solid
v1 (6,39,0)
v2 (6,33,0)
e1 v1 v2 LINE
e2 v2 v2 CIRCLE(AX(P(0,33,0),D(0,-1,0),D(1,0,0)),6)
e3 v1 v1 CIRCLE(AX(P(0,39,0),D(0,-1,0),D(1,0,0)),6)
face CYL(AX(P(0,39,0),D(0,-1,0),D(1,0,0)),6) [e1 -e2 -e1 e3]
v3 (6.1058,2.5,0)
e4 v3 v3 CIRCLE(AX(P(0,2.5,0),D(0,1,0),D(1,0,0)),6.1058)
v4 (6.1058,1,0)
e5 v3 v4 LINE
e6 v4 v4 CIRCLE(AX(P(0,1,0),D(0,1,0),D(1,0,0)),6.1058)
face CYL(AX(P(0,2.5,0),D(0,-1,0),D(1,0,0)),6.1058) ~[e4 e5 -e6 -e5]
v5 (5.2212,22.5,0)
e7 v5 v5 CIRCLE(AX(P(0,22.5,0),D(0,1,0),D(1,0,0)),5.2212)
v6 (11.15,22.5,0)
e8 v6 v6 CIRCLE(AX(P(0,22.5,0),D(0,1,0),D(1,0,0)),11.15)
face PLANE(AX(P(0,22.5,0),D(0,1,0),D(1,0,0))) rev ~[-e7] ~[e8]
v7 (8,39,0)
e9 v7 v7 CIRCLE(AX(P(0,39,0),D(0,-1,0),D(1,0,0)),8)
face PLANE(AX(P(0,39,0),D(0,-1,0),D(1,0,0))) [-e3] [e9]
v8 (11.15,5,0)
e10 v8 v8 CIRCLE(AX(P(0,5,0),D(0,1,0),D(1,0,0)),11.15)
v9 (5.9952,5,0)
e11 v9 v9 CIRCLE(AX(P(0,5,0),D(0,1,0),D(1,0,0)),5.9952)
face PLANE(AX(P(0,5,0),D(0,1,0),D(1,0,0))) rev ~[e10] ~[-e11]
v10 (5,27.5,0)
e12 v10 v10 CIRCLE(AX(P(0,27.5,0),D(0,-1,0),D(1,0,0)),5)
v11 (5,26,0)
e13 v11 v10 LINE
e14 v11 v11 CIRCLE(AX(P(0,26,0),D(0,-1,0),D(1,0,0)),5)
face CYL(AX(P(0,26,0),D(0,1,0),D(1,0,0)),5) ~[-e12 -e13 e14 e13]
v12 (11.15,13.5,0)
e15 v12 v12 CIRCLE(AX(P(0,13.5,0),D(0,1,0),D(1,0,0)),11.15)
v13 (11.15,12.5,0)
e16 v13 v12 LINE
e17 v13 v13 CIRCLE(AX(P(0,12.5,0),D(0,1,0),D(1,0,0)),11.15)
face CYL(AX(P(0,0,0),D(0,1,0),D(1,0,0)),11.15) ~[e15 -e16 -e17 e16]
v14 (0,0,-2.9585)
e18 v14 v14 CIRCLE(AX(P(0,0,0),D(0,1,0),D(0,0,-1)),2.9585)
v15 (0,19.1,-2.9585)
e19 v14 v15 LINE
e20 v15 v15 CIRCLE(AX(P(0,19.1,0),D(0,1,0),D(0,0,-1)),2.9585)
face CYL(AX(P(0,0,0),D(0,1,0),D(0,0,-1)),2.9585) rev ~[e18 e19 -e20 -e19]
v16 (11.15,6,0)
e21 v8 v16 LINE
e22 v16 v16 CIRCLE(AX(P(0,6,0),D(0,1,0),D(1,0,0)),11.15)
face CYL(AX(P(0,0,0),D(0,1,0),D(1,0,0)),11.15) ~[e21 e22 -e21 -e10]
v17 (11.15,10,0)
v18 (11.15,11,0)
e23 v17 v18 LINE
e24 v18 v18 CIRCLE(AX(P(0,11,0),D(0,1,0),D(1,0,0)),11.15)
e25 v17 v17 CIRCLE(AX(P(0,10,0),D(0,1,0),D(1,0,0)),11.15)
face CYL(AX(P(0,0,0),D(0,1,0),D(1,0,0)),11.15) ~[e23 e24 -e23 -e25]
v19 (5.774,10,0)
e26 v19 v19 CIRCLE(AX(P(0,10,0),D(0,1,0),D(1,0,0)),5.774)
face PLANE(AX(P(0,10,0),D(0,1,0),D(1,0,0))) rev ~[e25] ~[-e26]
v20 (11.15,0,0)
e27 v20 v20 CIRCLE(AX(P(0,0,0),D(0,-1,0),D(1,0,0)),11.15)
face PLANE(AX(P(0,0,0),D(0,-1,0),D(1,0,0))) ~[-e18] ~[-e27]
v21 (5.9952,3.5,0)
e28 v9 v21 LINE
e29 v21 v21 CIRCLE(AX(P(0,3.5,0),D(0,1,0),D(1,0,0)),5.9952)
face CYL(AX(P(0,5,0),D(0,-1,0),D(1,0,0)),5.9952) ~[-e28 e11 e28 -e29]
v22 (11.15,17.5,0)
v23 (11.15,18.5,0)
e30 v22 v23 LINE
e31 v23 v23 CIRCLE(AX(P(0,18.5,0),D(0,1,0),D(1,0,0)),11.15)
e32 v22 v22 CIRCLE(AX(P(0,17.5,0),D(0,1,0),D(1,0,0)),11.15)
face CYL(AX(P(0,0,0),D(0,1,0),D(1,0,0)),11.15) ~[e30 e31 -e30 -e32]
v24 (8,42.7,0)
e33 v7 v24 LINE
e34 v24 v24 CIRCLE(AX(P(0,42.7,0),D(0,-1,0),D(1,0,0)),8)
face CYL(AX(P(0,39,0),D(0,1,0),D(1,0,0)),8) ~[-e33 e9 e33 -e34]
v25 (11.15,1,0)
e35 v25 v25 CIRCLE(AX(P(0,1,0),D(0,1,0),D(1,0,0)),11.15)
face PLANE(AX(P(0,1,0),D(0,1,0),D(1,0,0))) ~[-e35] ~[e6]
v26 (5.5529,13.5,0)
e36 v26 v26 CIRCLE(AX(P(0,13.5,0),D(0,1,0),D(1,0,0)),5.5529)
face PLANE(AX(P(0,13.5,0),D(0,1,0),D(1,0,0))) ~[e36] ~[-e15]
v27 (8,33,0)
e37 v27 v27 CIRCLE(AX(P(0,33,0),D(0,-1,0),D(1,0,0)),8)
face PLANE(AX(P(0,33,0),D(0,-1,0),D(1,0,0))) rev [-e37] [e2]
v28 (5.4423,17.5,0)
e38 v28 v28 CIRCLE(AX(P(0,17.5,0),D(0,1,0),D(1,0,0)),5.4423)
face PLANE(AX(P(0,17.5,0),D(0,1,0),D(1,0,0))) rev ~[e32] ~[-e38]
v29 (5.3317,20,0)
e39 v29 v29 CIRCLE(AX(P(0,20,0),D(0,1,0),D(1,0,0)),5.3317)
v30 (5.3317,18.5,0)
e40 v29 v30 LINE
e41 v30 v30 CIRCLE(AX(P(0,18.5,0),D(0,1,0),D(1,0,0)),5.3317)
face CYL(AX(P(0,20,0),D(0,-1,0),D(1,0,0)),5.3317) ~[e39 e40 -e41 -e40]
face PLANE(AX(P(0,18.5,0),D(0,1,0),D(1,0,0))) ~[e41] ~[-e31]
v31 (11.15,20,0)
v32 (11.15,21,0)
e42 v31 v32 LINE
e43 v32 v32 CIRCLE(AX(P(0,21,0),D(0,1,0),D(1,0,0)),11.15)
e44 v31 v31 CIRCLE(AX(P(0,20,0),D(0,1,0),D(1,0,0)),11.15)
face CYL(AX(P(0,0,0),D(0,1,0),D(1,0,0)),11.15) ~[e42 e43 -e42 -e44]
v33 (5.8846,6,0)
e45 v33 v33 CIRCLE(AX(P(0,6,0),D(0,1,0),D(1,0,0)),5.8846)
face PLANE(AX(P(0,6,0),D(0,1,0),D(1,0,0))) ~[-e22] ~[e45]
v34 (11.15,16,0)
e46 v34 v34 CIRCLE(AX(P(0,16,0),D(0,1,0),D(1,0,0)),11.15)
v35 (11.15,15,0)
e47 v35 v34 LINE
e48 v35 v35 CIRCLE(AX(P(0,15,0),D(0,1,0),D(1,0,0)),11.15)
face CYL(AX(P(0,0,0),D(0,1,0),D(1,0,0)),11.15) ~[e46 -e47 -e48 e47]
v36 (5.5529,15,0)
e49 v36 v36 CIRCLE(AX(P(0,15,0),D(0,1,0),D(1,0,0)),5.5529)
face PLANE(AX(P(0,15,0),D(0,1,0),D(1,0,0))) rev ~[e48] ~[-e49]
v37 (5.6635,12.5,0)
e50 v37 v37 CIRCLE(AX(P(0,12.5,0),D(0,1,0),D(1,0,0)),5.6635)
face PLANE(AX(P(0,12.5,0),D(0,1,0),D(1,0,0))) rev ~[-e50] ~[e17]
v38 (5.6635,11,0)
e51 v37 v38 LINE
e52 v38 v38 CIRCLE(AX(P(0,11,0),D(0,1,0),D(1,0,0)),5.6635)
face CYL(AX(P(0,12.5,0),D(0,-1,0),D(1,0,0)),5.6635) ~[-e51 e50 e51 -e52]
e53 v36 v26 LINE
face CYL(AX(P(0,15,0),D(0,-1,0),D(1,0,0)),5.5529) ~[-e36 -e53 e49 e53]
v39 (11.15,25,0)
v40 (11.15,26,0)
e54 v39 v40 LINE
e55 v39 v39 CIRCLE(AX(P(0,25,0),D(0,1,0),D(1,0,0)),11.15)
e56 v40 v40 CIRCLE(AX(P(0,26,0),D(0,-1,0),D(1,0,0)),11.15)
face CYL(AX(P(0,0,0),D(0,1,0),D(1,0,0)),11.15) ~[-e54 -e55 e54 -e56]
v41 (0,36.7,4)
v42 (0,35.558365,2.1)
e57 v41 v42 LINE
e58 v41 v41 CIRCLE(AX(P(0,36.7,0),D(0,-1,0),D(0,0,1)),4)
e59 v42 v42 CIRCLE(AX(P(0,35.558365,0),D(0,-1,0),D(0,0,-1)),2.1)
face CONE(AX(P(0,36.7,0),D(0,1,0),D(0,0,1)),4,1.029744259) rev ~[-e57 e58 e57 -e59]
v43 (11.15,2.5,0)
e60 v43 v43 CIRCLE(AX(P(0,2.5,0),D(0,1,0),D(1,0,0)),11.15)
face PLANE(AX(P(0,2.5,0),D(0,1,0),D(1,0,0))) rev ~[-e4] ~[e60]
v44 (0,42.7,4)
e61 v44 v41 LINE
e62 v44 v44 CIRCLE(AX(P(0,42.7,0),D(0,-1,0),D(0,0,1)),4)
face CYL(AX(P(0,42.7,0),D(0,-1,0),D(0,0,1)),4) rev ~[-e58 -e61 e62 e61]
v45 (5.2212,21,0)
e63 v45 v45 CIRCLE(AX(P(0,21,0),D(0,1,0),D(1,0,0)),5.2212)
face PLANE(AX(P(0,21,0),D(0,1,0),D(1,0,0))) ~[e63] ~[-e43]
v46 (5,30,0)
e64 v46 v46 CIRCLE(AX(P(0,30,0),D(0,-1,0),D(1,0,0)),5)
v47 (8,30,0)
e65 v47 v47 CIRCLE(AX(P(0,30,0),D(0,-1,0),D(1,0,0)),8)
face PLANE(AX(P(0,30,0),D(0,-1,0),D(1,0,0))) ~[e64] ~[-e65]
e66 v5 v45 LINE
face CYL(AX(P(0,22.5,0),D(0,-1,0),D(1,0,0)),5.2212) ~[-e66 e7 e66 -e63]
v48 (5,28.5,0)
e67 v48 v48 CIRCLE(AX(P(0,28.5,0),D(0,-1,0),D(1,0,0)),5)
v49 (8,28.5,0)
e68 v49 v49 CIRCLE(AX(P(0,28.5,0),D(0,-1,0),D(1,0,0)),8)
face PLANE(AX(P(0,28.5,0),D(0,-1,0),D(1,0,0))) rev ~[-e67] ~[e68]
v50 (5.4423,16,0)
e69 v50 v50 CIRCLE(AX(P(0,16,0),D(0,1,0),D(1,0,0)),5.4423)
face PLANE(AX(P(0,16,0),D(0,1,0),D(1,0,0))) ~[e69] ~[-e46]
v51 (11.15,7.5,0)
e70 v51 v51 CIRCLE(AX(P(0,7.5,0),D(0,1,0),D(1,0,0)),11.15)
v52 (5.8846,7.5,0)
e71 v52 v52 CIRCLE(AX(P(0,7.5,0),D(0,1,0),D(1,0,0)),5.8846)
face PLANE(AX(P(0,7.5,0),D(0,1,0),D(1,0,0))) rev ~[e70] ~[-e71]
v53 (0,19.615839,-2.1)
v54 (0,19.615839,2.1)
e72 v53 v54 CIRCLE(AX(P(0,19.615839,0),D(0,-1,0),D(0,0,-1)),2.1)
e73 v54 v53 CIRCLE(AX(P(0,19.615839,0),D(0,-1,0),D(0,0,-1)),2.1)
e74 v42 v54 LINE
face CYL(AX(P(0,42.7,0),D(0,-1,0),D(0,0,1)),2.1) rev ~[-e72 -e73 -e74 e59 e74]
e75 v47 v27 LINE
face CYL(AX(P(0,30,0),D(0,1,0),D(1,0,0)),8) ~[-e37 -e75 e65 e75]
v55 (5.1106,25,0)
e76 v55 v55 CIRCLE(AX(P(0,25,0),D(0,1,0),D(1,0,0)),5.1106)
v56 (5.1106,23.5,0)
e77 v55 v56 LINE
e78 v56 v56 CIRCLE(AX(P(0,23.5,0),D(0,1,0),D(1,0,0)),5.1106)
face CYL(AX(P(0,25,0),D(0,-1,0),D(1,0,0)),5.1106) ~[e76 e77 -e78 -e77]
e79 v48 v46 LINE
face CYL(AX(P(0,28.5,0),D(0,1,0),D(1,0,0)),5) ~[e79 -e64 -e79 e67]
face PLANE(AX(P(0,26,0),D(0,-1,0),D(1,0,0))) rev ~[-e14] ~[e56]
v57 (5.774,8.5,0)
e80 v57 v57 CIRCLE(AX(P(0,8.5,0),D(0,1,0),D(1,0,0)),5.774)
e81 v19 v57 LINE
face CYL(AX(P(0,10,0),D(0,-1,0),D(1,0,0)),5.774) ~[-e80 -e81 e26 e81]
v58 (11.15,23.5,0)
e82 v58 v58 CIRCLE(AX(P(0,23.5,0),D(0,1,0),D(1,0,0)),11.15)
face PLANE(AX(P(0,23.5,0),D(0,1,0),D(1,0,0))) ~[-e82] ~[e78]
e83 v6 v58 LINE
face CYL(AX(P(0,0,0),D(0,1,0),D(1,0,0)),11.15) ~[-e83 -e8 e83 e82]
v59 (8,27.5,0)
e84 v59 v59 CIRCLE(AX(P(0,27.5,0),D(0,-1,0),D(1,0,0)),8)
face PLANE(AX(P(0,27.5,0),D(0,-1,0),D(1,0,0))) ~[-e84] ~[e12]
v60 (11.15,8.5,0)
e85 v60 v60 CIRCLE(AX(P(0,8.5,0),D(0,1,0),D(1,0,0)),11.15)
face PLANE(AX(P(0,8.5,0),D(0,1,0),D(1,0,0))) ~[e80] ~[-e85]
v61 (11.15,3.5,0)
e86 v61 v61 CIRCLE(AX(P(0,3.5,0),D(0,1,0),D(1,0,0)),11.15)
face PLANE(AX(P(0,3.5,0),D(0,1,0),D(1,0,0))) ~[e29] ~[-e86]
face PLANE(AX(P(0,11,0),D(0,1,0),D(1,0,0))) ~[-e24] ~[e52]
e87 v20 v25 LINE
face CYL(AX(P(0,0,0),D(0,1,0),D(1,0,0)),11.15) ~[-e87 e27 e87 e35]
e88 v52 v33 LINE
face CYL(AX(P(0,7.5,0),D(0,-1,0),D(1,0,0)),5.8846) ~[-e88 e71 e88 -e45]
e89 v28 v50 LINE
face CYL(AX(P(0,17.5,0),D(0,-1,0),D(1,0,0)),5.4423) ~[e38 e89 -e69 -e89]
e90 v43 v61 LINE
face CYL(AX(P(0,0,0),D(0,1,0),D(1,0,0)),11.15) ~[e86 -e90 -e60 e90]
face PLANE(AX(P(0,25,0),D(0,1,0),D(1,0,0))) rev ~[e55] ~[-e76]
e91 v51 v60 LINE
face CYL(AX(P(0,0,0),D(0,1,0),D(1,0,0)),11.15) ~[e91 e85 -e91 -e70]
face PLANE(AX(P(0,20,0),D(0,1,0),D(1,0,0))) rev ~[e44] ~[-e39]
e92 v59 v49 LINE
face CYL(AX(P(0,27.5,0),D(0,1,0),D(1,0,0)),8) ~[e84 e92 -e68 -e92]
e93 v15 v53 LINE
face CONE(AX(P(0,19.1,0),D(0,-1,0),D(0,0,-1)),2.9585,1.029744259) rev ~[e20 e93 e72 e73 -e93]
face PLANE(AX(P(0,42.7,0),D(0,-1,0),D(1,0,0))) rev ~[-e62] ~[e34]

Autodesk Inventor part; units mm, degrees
ref_plane "YZ Plane" through (0, 0, 0) normal (1, 0, 0) x (0, 1, 0)
ref_plane "XZ Plane" through (0, 0, 0) normal (0, 1, 0) x (-1, 0, 0)
ref_plane "XY Plane" through (0, 0, 0) normal (0, 0, 1) x (1, 0, 0)
sketch "Sketch1" plane through (0, 0, 0) normal (0, 0, 1) x (1, 0, 0)
  line L0 (0, 0) -> (11.15, 0)
  line L1 (11.15, 0) -> (11.15, 26)
  line L2 (11.15, 26) -> (8, 26)
  line L3 (8, 42.7) -> (0, 42.7)
  line L4 (0, 42.7) -> (0, 0)
  line L5 (8, 39) -> (6, 39)
  line L6 (6, 39) -> (6, 33)
  line L7 (6, 33) -> (8, 33)
  line L8 (8, 26) -> (5, 26)
  line L9 (5, 26) -> (5, 27.5)
  line L10 (5, 27.5) -> (8, 27.5)
  line L11 (8, 28.5) -> (5, 28.5)
  line L12 (5, 28.5) -> (5, 30)
  line L13 (5, 30) -> (8, 30)
  line L14 (8, 39) -> (8, 42.7)
  line L15 (8, 27.5) -> (8, 28.5)
  line L16 (8, 30) -> (8, 33)
  dimension "d7" = 11.15
  dimension "d10" = 8
  dimension "d11" = 42.7
  dimension "d12" = 26
  dimension "d14" = 6
  dimension "d15" = 3.7
  dimension "d16" = 3
  dimension "d17" = 6
  dimension "d18" = 1
  dimension "d19" = 2.5
  dimension "d20" = 5
revolve "Revolution1" add sketch "Sketch1" angle 360 about axis through (0, 42.7, 0) along (0, -1, 0)
sketch "Sketch2" plane through (0, 42.7, 0) normal (0, 1, 0) x (1, 0, 0)
  circle A0 centre (0, 0) radius 8 projected
  circle A1 centre (0, 0) radius 8 projected
hole "Hole1" at (0, 42.7, 0) direction (0, -1, 0) diameter 4.2 end through all
sketch "Sketch3" plane through (0, 42.7, 0) normal (0, 1, 0) x (1, 0, 0)
  circle A0 centre (0, 0) radius 2.1 projected
  circle A1 centre (0, 0) radius 8 projected
hole "Hole2" at (0, 42.7, 0) direction (0, -1, 0) diameter 8 depth 6 tip angle 118
sketch "Sketch4" plane through (0, 0, 0) normal (0, -1, 0) x (1, 0, 0)
  circle A0 centre (0, 0) radius 2.1 projected
  circle A1 centre (0, 0) radius 11.15 projected
hole "Hole3" at (0, 0, 0) direction (0, 1, 0) diameter 5.917 depth 19.1 tip angle 118 thread size "M7x1" class "6H" standard "ISO Metric profile"
sketch "Sketch5" plane through (0, 0, 0) normal (0, 0, 1) x (1, 0, 0)
  line L0 (5, 27.5) -> (5, 26) projected
  line L1 (-11.15, 26) -> (11.15, 26) projected
  line L2 (11.15, 26) -> (11.15, 0) projected
  line L3 (-11.15, 0) -> (11.15, 0) projected
  line L4 (5, 26) -> (6.15, 0)
  line L5 (11.15, 2.5) -> (6.1058, 2.5)
  line L6 (6.1058, 2.5) -> (6.1058, 1)
  line L7 (6.1058, 1) -> (11.15, 1)
  line L8 (11.15, 1) -> (11.15, 2.5)
  line L9 (11.15, 5) -> (5.9952, 5)
  line L10 (5.9952, 5) -> (5.9952, 3.5)
  line L11 (5.9952, 3.5) -> (11.15, 3.5)
  line L12 (11.15, 3.5) -> (11.15, 5)
  line L13 (11.15, 7.5) -> (5.8846, 7.5)
  line L14 (5.8846, 7.5) -> (5.8846, 6)
  line L15 (5.8846, 6) -> (11.15, 6)
  line L16 (11.15, 6) -> (11.15, 7.5)
  line L17 (11.15, 10) -> (5.774, 10)
  line L18 (5.774, 10) -> (5.774, 8.5)
  line L19 (5.774, 8.5) -> (11.15, 8.5)
  line L20 (11.15, 8.5) -> (11.15, 10)
  line L21 (11.15, 12.5) -> (5.6635, 12.5)
  line L22 (5.6635, 12.5) -> (5.6635, 11)
  line L23 (5.6635, 11) -> (11.15, 11)
  line L24 (11.15, 11) -> (11.15, 12.5)
  line L25 (11.15, 15) -> (5.5529, 15)
  line L26 (5.5529, 15) -> (5.5529, 13.5)
  line L27 (5.5529, 13.5) -> (11.15, 13.5)
  line L28 (11.15, 13.5) -> (11.15, 15)
  line L29 (11.15, 17.5) -> (5.4423, 17.5)
  line L30 (5.4423, 17.5) -> (5.4423, 16)
  line L31 (5.4423, 16) -> (11.15, 16)
  line L32 (11.15, 16) -> (11.15, 17.5)
  line L33 (11.15, 20) -> (5.3317, 20)
  line L34 (5.3317, 20) -> (5.3317, 18.5)
  line L35 (5.3317, 18.5) -> (11.15, 18.5)
  line L36 (11.15, 18.5) -> (11.15, 20)
  line L37 (11.15, 22.5) -> (5.2212, 22.5)
  line L38 (5.2212, 22.5) -> (5.2212, 21)
  line L39 (5.2212, 21) -> (11.15, 21)
  line L40 (11.15, 21) -> (11.15, 22.5)
  line L41 (11.15, 25) -> (5.1106, 25)
  line L42 (5.1106, 25) -> (5.1106, 23.5)
  line L43 (5.1106, 23.5) -> (11.15, 23.5)
  line L44 (11.15, 23.5) -> (11.15, 25)
  line L45 (0, -8.54) -> (0, 51.24) projected
  point P0 (0, 0)
  dimension "d42" = 1
  dimension "d43" = 2.5
  dimension "d46" = 5
  dimension "d47" = 1
  dimension "d48" = 2.5
  dimension "d49" = 1
  dimension "d50" = 2.5
  dimension "d51" = 1
  dimension "d52" = 2.5
  dimension "d53" = 1
  dimension "d54" = 2.5
  dimension "d55" = 1
  dimension "d56" = 2.5
  dimension "d57" = 1
  dimension "d58" = 2.5
  dimension "d59" = 1
  dimension "d60" = 2.5
  dimension "d61" = 1
  dimension "d62" = 2.5
  dimension "d63" = 1
  dimension "d64" = 2.5
revolve "Revolution2" cut sketch "Sketch5" angle 360 about axis through (0, -10, 0) along (0, 1, 0) contours L42 L41 L2 L43 | L38 L37 L2 L39 | L34 L33 L2 L35 | L6 L5 L2 L7 | L30 L29 L2 L31 | L10 L9 L2 L11 | L26 L25 L2 L27 | L14 L13 L2 L15 | L22 L21 L2 L23 | L18 L17 L2 L19
equation "\"d47\" = d42"
equation "\"d48\" = d43"
equation "\"d49\" = d42"
equation "\"d50\" = d43"
equation "\"d51\" = d42"
equation "\"d52\" = d43"
equation "\"d53\" = d42"
equation "\"d54\" = d43"
equation "\"d55\" = d42"
equation "\"d56\" = d43"
equation "\"d57\" = d42"
equation "\"d58\" = d43"
equation "\"d59\" = d42"
equation "\"d60\" = d43"
equation "\"d61\" = d42"
equation "\"d62\" = d43"
equation "\"d63\" = d42"
equation "\"d64\" = d43"
properties part number "Heatsink" material "Aluminum 6061"
